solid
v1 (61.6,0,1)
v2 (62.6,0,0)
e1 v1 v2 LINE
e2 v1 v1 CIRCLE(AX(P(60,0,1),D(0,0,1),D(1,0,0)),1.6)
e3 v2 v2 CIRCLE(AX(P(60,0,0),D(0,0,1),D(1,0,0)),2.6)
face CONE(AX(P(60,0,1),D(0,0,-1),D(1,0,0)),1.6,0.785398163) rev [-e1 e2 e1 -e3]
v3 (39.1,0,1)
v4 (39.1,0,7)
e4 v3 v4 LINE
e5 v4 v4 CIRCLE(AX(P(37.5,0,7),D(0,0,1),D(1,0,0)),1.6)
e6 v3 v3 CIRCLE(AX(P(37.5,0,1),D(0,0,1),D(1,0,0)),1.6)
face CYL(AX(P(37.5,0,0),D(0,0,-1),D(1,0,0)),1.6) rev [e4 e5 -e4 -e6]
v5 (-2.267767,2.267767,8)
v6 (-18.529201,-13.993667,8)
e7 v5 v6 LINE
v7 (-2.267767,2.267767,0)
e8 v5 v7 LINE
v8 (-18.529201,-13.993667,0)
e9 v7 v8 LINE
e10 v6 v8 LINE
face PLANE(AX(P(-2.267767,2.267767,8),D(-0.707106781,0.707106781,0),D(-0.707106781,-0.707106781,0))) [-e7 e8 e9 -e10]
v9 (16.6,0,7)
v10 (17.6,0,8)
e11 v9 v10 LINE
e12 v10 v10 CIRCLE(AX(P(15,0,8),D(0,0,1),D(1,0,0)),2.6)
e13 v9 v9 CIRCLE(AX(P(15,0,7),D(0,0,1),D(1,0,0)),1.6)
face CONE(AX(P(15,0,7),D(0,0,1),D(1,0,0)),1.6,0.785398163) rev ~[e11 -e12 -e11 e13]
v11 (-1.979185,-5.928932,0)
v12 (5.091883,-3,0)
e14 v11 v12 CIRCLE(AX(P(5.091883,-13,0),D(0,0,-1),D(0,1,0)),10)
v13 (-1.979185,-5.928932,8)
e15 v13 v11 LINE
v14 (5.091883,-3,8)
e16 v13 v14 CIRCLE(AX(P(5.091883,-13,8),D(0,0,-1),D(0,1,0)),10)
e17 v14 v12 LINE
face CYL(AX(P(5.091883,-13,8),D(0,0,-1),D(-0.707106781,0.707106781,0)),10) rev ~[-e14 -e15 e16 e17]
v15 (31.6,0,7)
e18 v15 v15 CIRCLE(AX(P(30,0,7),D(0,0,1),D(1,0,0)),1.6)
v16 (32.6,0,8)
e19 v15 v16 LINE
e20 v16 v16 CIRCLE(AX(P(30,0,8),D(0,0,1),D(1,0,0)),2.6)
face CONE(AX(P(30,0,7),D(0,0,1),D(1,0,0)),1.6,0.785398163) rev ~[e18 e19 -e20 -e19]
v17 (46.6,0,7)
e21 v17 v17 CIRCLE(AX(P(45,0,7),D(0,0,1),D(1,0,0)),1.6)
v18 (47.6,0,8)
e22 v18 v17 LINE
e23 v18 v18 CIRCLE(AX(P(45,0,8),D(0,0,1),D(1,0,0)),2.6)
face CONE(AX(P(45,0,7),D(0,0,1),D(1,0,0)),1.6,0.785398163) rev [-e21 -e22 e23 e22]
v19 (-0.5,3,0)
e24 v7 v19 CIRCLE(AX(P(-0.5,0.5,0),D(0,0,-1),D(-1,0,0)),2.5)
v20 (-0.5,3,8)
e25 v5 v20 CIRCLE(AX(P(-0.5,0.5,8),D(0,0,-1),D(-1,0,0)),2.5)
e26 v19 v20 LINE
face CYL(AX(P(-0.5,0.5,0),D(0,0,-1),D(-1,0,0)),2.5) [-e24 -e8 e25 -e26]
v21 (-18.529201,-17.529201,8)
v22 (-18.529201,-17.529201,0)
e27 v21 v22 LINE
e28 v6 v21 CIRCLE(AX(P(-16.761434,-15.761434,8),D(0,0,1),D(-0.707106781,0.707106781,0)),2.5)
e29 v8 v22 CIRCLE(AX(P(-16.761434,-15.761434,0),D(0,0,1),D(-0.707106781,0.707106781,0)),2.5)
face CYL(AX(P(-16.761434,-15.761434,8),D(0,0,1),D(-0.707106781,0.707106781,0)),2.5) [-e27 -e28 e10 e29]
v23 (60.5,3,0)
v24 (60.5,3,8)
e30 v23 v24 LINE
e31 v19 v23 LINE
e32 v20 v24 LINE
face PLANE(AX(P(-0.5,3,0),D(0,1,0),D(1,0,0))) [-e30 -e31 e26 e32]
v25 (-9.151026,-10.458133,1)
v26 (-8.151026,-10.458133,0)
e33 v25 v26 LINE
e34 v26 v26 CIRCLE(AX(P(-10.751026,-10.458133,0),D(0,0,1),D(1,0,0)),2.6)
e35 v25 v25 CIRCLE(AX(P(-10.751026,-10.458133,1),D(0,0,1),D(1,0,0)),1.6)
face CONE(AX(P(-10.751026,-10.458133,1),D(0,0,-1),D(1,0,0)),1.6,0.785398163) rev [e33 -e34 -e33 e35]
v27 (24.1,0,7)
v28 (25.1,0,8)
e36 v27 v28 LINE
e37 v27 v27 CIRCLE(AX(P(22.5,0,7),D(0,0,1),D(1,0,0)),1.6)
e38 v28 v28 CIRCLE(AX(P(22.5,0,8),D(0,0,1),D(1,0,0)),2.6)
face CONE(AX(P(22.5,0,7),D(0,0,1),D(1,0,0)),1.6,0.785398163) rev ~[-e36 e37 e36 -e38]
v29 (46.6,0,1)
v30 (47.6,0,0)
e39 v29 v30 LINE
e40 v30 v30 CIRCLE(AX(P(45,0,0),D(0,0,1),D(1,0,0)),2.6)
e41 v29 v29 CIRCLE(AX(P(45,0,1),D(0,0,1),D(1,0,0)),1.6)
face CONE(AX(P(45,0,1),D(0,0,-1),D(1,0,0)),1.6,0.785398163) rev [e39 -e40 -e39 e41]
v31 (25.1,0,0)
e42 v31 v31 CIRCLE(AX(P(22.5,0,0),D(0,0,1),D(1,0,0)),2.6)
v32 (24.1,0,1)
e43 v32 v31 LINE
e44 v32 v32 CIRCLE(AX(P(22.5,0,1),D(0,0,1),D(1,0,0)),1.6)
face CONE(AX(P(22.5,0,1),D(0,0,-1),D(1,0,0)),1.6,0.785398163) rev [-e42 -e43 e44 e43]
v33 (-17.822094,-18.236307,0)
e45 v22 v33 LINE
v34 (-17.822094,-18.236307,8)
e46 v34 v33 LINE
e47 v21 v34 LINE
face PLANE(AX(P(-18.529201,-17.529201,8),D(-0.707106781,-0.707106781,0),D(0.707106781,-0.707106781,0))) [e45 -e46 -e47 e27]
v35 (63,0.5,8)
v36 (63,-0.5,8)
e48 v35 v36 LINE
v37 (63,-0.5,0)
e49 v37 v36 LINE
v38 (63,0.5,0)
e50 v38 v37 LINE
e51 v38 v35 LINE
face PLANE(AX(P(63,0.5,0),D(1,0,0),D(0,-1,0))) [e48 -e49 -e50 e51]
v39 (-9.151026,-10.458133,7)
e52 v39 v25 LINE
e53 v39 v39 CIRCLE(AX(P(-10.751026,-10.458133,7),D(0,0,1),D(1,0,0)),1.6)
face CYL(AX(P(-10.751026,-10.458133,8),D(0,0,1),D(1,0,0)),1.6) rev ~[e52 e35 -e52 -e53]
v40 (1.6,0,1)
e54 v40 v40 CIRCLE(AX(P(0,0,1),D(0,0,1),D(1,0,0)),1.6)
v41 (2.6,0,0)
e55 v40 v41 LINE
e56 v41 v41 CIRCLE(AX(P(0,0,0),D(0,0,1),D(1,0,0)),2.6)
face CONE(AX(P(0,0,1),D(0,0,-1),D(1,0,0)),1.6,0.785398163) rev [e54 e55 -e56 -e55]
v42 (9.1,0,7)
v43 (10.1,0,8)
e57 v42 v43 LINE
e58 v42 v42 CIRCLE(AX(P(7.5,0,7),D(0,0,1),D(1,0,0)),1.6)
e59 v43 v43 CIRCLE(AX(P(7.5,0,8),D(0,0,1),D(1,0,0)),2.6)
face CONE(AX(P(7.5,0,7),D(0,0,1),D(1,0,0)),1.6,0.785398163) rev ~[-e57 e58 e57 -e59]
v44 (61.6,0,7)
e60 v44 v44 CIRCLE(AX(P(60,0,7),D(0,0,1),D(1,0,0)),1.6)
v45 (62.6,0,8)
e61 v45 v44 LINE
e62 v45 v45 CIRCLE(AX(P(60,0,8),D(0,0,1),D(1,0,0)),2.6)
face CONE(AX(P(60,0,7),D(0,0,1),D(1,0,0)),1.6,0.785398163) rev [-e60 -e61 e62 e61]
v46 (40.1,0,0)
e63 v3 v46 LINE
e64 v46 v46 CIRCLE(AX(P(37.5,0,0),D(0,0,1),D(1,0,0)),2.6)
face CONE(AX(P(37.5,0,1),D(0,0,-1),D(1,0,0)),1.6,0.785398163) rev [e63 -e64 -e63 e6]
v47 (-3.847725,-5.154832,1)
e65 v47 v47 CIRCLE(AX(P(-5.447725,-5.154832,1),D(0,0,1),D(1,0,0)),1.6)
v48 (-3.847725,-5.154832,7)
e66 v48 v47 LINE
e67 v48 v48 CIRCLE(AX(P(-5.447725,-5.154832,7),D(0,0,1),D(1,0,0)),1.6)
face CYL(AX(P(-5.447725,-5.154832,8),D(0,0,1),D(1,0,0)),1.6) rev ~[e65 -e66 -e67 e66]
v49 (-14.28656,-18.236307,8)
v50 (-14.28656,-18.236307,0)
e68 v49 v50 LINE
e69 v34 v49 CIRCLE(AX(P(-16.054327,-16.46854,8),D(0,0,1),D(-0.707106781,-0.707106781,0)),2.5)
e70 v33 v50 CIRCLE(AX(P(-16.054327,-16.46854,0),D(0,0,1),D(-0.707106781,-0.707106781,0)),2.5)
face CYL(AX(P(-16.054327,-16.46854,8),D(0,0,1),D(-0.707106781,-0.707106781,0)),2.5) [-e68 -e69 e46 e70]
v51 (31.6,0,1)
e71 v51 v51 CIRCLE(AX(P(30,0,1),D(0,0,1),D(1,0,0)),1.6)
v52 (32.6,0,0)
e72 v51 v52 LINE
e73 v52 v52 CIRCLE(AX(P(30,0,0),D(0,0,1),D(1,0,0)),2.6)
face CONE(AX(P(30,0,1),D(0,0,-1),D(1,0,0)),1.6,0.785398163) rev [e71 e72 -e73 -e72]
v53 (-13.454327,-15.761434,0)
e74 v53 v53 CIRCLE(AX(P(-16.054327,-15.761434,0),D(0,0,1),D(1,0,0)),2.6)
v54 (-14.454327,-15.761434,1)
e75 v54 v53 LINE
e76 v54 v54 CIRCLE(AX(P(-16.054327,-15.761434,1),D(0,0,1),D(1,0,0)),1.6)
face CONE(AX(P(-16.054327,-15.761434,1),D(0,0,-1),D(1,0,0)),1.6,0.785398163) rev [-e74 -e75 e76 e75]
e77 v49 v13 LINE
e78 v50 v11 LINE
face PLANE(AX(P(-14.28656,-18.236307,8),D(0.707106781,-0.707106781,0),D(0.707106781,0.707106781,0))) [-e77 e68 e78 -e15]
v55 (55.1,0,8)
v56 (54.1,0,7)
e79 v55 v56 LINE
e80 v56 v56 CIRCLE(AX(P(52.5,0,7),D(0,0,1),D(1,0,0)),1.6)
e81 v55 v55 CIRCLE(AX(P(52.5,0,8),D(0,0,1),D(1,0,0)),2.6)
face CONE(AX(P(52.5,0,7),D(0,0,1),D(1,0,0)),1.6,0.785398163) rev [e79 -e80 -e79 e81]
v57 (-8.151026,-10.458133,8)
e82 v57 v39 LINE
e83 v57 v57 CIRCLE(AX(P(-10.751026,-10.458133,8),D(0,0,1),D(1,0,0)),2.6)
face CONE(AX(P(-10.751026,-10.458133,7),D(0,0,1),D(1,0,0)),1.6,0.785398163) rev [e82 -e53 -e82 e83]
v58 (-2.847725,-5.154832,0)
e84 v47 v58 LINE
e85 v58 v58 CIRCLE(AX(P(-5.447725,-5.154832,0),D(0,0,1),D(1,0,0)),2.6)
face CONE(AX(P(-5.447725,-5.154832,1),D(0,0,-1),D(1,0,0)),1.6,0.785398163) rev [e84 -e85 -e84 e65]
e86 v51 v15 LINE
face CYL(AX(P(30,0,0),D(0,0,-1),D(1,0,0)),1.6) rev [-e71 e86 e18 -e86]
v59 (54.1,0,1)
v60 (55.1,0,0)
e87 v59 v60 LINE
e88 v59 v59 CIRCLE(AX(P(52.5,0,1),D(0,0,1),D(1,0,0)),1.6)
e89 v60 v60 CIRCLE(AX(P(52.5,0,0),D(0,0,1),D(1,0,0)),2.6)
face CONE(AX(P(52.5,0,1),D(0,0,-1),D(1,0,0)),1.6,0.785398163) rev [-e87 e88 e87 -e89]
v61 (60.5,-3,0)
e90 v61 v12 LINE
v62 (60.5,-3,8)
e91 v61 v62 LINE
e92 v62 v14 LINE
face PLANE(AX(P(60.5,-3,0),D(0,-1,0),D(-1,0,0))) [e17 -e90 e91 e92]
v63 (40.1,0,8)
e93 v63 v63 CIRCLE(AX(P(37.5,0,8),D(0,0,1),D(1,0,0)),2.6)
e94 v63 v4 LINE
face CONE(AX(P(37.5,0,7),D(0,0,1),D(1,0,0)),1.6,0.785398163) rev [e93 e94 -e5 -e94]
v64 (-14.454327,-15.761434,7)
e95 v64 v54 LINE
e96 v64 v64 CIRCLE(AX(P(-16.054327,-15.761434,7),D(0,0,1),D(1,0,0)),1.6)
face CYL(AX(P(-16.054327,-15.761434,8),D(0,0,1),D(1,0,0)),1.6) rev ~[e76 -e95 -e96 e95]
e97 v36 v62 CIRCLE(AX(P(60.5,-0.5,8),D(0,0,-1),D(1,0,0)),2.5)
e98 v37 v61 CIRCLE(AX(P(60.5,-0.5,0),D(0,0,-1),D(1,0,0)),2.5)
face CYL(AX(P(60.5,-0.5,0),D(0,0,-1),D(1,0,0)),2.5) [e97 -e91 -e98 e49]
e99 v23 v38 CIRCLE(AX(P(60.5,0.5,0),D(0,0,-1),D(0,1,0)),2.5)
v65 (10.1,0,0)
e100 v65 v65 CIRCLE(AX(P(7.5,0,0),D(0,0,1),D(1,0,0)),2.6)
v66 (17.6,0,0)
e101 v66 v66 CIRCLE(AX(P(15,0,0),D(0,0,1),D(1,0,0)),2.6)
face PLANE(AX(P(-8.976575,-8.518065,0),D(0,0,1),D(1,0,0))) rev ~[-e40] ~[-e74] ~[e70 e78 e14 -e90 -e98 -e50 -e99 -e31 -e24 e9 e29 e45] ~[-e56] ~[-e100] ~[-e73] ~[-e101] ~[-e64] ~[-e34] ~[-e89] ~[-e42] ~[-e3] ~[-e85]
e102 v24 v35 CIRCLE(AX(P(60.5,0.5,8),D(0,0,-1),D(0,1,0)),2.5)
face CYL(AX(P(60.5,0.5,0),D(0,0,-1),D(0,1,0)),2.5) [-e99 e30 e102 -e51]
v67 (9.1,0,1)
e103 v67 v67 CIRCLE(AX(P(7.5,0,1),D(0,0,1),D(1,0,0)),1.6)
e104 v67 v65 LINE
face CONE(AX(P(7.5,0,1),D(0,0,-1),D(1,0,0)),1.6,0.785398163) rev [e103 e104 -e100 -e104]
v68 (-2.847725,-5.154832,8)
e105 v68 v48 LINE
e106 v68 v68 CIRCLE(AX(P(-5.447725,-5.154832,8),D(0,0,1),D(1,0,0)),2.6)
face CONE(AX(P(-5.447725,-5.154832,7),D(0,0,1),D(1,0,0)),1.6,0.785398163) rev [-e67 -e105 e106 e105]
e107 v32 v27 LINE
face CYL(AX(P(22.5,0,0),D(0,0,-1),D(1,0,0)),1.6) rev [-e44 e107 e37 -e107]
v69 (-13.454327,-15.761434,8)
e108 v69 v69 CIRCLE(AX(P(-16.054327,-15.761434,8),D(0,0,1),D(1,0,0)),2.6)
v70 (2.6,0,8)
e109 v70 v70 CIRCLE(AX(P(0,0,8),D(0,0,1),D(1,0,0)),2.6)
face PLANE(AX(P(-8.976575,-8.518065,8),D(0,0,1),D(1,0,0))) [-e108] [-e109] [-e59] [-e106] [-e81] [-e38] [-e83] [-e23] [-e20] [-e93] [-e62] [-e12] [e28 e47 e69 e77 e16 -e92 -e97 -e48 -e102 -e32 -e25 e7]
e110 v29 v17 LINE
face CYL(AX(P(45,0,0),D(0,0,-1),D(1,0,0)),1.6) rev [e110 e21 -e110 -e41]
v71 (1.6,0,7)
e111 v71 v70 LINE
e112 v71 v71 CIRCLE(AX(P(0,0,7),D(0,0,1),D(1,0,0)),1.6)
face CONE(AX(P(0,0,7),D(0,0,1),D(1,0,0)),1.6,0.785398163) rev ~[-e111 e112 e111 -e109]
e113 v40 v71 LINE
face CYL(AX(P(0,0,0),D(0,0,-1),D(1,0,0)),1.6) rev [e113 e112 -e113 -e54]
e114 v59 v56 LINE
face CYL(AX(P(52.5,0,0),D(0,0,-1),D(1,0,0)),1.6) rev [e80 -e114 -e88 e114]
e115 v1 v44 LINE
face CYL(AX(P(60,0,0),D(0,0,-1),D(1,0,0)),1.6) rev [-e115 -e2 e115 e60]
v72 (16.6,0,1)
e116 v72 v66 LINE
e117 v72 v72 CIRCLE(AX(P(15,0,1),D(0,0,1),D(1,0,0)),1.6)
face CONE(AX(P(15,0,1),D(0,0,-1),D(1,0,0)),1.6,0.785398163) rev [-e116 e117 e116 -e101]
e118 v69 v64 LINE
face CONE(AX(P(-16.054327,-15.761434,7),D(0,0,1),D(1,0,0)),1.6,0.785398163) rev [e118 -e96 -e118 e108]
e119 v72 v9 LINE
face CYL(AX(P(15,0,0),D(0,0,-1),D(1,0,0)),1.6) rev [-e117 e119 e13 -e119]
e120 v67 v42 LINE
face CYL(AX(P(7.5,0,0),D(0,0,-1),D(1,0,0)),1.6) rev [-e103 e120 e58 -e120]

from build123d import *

# Parameters (mm, degrees)
SKETCH1_R           = 1.6
BOSS_EXTRUDE1_DEPTH = 8
CHAMFER1_SIZE       = 1
SKETCH2_R           = 1.6
BOSS_EXTRUDE3_DEPTH = 8
FILLET1_R           = 10
CHAMFER2_SIZE       = 1
CHAMFER3_SIZE       = 1
CHAMFER4_SIZE       = 1


with BuildPart() as part:
    # Sketch1 → Boss-Extrude1 (new body)
    with BuildSketch(Plane.XY):
        with BuildLine():
            Line((-0.5, 3), (60.5, 3))
            ThreePointArc((60.5, 3), (62.267766953, 2.267766953), (63, 0.5))
            Line((63, 0.5), (63, -0.5))
            ThreePointArc((63, -0.5), (62.267766953, -2.267766953), (60.5, -3))
            Line((60.5, -3), (-0.5, -3))
            ThreePointArc((-0.5, -3), (-2.267766953, -2.267766953), (-3, -0.5))
            Line((-3, -0.5), (-3, 0.5))
            ThreePointArc((-3, 0.5), (-2.267766953, 2.267766953), (-0.5, 3))
        make_face()
        Circle(SKETCH1_R, mode=Mode.SUBTRACT)
        with Locations((7.5, 0)):
            Circle(SKETCH1_R, mode=Mode.SUBTRACT)
        with Locations((15, 0)):
            Circle(SKETCH1_R, mode=Mode.SUBTRACT)
        with Locations((22.5, 0)):
            Circle(SKETCH1_R, mode=Mode.SUBTRACT)
        with Locations((30, 0)):
            Circle(SKETCH1_R, mode=Mode.SUBTRACT)
        with Locations((37.5, 0)):
            Circle(SKETCH1_R, mode=Mode.SUBTRACT)
        with Locations((45, 0)):
            Circle(SKETCH1_R, mode=Mode.SUBTRACT)
        with Locations((52.5, 0)):
            Circle(SKETCH1_R, mode=Mode.SUBTRACT)
        with Locations((60, 0)):
            Circle(SKETCH1_R, mode=Mode.SUBTRACT)
    extrude(amount=BOSS_EXTRUDE1_DEPTH)

    # Chamfer1
    chamfer1_edges = [part.edges().sort_by_distance(p)[0] for p in [
        (-1.6, 0, 0),
        (-1.6, 0, 8),
        (5.9, 0, 0),
        (5.9, 0, 8),
        (13.4, 0, 0),
        (13.4, 0, 8),
        (20.9, 0, 0),
        (20.9, 0, 8),
        (28.4, 0, 0),
        (28.4, 0, 8),
    ]]
    chamfer(chamfer1_edges, length=CHAMFER1_SIZE)

    # Sketch2 → Boss-Extrude3 (add)
    with BuildSketch(Plane.XY.offset(8)):
        with BuildLine():
            ThreePointArc((-3, 0.5), (-2.809698831, 1.456708581), (-2.267766953, 2.267766953))
            Line((-2.267766953, 2.267766953), (-18.529200529, -13.993666623))
            ThreePointArc((-18.529200529, -13.993666623), (-19.261433576, -15.761433576), (-18.529200529, -17.529200529))
            Line((-18.529200529, -17.529200529), (-17.822093748, -18.23630731))
            ThreePointArc((-17.822093748, -18.23630731), (-16.054326795, -18.968540357), (-14.286559842, -18.23630731))
            Line((-14.286559842, -18.23630731), (0.949747468, -3))
            Line((0.949747468, -3), (-0.5, -3))
            ThreePointArc((-0.5, -3), (-2.267766953, -2.267766953), (-3, -0.5))
            Line((-3, -0.5), (-3, 0.5))
        make_face()
        with Locations((-16.054326795, -15.761433576)):
            Circle(SKETCH2_R, mode=Mode.SUBTRACT)
        with Locations((-10.751025936, -10.458132717)):
            Circle(SKETCH2_R, mode=Mode.SUBTRACT)
        with Locations((-5.447725077, -5.154831858)):
            Circle(SKETCH2_R, mode=Mode.SUBTRACT)
    extrude(amount=-BOSS_EXTRUDE3_DEPTH)

    # Fillet1
    fillet1_edges = [part.edges().sort_by_distance(p)[0] for p in [
        (0.949747468, -3, 4),
    ]]
    fillet(fillet1_edges, radius=FILLET1_R)

    # Chamfer2
    chamfer2_edges = [part.edges().sort_by_distance(p)[0] for p in [
        (-17.654326795, -15.761433576, 0),
        (-17.654326795, -15.761433576, 8),
        (-12.351025936, -10.458132717, 8),
        (-7.047725077, -5.154831858, 8),
        (-7.047725077, -5.154831858, 0),
        (-12.351025936, -10.458132717, 0),
    ]]
    chamfer(chamfer2_edges, length=CHAMFER2_SIZE)

    # Chamfer3
    chamfer3_edges = [part.edges().sort_by_distance(p)[0] for p in [
        (35.9, 0, 0),
        (35.9, 0, 8),
        (43.4, 0, 0),
        (43.4, 0, 8),
    ]]
    chamfer(chamfer3_edges, length=CHAMFER3_SIZE)

    # Chamfer4
    chamfer4_edges = [part.edges().sort_by_distance(p)[0] for p in [
        (50.9, 0, 0),
        (50.9, 0, 8),
        (58.4, 0, 0),
        (58.4, 0, 8),
    ]]
    chamfer(chamfer4_edges, length=CHAMFER4_SIZE)


solid = part.part
